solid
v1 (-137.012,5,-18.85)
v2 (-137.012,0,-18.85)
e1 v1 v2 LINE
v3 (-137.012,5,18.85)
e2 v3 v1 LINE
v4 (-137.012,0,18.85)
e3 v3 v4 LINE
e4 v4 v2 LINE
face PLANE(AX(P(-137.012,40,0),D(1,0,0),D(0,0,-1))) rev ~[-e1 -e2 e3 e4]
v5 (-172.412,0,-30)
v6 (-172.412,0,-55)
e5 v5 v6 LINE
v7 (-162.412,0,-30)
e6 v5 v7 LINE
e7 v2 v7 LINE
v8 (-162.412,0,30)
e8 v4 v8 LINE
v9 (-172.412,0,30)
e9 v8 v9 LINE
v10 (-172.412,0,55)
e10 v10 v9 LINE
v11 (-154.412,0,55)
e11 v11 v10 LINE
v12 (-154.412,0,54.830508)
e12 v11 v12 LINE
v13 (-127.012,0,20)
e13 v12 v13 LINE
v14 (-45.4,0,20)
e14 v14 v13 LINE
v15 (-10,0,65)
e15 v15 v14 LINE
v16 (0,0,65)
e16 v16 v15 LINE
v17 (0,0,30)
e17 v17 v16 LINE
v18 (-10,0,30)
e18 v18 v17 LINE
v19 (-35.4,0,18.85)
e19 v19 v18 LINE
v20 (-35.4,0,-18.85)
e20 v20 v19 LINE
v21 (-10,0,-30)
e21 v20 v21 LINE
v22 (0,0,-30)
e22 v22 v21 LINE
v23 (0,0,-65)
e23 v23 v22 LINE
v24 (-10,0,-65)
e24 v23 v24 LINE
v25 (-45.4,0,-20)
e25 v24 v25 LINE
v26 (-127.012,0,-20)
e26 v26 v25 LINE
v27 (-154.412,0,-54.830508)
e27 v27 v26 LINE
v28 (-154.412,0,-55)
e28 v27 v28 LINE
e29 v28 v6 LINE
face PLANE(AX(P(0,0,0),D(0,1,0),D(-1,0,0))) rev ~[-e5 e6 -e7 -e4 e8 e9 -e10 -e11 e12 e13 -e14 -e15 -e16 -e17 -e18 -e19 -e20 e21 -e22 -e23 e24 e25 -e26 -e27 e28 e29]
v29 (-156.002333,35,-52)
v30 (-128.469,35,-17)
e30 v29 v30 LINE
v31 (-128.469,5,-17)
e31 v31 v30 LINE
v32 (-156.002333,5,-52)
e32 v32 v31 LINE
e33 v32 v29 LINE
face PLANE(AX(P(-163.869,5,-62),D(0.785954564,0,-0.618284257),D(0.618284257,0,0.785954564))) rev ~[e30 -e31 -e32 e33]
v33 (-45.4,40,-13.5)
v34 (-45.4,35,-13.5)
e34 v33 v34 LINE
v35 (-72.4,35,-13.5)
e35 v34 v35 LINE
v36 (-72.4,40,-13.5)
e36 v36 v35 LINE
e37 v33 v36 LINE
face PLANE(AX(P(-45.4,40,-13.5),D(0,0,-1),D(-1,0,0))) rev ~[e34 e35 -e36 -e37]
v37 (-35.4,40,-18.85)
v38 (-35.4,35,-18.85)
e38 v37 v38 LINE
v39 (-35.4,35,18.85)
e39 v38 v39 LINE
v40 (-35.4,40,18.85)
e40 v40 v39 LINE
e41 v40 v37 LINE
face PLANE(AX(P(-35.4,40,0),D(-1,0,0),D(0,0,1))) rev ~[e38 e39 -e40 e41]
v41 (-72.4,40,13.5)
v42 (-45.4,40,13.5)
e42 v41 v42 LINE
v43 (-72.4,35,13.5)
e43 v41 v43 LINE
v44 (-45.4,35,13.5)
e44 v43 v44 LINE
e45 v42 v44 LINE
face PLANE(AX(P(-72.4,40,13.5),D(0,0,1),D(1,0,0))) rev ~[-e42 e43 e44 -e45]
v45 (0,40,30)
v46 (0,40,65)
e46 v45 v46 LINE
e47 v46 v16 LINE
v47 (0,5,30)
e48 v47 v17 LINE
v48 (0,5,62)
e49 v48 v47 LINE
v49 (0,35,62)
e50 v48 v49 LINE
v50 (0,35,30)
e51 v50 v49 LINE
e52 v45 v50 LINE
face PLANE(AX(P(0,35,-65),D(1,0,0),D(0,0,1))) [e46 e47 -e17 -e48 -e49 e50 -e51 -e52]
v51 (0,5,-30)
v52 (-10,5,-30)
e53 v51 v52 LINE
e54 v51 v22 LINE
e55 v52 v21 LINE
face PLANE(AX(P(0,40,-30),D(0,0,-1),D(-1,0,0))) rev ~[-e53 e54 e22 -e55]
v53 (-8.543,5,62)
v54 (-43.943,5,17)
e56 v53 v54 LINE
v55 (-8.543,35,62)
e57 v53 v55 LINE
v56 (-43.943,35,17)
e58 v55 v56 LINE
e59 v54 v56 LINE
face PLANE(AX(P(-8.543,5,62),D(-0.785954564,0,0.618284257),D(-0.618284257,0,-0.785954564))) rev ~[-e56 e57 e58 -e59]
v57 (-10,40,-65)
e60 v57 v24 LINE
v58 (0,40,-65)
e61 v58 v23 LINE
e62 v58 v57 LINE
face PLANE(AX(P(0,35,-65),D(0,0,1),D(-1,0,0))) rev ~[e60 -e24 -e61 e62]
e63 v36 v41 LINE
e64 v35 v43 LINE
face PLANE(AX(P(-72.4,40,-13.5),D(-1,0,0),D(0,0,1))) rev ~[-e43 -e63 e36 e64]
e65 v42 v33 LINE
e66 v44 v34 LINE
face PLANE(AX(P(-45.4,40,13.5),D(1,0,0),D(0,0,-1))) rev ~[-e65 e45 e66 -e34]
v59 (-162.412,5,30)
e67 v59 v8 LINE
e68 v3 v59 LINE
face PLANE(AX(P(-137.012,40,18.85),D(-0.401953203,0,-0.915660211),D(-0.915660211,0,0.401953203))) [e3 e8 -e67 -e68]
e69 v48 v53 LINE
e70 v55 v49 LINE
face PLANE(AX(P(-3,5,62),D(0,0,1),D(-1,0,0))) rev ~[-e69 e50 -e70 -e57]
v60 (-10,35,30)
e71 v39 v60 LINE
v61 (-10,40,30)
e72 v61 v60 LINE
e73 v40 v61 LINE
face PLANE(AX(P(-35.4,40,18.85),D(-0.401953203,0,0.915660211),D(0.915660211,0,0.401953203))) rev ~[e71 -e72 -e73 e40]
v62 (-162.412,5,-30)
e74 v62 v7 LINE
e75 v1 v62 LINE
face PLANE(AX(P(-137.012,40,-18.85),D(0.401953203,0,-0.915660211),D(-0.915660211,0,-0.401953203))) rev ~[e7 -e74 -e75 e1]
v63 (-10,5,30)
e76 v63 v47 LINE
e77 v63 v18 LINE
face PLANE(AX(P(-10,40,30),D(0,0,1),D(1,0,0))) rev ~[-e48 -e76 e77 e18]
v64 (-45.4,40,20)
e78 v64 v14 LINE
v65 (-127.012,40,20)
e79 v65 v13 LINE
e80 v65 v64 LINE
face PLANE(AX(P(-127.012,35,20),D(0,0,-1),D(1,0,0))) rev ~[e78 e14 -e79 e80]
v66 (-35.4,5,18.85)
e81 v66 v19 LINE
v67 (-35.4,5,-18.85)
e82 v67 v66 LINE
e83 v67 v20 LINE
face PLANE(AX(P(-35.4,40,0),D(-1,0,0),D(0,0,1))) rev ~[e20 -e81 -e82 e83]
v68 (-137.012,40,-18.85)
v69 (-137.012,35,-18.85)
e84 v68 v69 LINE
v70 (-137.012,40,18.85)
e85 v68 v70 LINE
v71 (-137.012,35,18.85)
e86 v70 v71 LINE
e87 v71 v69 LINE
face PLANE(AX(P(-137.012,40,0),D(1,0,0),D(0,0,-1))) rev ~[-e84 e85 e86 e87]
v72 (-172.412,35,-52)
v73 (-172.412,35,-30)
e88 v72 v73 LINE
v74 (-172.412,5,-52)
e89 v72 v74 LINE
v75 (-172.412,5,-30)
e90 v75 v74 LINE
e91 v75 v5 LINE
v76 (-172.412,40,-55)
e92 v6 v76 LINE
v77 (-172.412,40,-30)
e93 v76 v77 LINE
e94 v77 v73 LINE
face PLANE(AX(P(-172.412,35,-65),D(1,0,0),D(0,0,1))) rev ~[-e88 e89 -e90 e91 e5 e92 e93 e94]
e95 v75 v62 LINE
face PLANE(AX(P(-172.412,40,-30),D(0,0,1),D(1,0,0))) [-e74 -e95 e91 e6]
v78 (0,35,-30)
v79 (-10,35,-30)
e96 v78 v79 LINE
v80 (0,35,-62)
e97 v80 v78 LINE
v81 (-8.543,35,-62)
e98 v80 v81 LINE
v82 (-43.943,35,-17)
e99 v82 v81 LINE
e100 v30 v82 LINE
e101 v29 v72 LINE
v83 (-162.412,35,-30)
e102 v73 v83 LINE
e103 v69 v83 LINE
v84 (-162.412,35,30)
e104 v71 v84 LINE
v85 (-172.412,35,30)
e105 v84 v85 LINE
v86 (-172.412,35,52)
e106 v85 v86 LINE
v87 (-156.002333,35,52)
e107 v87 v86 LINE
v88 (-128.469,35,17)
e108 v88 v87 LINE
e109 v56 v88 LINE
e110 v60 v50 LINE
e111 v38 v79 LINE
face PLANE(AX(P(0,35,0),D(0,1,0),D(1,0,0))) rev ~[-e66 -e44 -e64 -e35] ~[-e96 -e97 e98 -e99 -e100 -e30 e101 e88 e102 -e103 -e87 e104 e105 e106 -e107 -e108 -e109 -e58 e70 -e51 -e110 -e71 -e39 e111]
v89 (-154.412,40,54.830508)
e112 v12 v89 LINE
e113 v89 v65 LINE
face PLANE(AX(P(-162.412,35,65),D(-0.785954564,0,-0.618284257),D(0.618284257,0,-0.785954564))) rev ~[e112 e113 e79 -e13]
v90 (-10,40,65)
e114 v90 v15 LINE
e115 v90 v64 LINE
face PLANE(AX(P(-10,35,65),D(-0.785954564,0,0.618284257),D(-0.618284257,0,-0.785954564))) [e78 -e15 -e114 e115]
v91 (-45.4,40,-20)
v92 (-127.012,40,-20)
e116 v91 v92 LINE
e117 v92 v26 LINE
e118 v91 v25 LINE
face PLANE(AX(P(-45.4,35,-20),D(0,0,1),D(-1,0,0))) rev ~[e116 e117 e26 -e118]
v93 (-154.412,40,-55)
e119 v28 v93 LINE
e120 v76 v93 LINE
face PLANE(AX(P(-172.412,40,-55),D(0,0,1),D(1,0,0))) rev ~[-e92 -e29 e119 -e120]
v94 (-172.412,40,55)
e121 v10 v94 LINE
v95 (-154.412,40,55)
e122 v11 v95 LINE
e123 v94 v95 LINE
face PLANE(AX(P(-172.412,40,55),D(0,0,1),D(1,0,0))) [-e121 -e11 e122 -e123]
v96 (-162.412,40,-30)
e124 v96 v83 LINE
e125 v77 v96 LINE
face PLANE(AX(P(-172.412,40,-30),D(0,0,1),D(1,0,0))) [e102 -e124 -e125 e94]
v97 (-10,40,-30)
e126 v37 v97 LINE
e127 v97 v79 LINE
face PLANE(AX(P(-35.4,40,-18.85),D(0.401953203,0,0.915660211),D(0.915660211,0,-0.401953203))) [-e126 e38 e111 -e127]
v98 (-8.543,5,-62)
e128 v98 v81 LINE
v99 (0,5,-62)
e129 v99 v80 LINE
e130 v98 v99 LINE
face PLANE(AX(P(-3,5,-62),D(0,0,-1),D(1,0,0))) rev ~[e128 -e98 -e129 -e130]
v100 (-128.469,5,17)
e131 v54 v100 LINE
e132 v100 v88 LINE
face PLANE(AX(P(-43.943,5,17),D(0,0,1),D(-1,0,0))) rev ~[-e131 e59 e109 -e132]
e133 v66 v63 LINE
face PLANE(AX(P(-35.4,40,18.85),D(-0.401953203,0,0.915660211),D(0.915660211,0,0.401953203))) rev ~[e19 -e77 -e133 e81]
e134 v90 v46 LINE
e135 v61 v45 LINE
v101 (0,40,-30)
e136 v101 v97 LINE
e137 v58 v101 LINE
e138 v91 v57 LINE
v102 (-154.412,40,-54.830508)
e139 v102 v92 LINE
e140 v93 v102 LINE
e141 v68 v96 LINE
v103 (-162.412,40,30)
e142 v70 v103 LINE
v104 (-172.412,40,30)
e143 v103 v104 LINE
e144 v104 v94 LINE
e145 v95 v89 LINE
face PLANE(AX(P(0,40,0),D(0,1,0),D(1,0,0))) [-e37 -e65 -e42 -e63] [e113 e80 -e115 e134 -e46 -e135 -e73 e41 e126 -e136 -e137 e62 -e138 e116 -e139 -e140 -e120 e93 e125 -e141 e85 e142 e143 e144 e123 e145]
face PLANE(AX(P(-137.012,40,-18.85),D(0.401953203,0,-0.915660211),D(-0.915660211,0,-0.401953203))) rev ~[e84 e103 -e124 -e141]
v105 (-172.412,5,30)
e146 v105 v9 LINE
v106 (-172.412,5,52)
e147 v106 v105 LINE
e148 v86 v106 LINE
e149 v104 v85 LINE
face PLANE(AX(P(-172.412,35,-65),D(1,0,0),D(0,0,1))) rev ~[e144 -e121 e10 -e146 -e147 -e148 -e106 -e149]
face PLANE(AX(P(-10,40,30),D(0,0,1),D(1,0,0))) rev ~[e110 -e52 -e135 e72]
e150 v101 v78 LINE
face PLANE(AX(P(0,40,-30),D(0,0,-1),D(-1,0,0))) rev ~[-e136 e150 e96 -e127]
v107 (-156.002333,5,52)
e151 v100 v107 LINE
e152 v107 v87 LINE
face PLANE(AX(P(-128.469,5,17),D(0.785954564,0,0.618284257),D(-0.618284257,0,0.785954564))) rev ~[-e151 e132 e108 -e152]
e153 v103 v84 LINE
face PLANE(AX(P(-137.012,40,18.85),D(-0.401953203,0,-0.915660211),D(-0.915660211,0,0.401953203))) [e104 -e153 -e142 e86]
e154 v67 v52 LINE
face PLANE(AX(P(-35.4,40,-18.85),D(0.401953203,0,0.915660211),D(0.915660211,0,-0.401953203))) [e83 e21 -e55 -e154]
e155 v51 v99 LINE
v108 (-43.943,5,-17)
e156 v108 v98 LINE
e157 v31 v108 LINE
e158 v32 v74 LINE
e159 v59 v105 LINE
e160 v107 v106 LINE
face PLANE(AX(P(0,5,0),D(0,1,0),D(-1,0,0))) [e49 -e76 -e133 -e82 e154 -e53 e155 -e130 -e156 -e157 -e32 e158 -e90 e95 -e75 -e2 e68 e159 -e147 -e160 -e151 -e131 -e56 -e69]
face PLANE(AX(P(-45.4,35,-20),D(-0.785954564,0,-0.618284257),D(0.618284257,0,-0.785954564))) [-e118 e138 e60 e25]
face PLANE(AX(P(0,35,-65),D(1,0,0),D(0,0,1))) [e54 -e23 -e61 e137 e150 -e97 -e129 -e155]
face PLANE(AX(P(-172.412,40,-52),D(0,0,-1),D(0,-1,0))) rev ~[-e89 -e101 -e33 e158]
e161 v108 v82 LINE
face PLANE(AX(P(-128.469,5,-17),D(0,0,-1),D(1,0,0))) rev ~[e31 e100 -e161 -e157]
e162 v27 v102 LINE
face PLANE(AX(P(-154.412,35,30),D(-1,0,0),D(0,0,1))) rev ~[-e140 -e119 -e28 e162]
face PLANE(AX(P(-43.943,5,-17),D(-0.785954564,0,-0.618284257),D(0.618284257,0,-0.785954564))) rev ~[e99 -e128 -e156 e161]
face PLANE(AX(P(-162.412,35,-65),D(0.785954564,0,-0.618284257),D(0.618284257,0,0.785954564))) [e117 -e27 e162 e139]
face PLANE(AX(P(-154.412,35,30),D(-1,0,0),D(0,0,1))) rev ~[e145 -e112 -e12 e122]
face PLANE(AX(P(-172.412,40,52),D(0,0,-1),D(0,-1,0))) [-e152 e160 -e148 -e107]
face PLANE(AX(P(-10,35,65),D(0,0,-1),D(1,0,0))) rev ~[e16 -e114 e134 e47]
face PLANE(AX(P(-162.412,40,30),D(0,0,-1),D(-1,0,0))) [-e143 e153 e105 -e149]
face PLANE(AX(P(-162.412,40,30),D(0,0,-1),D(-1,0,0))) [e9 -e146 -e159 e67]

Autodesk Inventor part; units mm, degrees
ref_plane "YZ Plane" through (0, 0, 0) normal (1, 0, 0) x (0, 1, 0)
ref_plane "XZ Plane" through (0, 0, 0) normal (0, 1, 0) x (-1, 0, 0)
ref_plane "XY Plane" through (0, 0, 0) normal (0, 0, 1) x (1, 0, 0)
sketch "Sketch1" plane through (0, 0, 0) normal (0, 1, 0) x (-1, 0, 0)
  line L0 (172.412, 0) -> (172.412, -65)
  line L1 (172.412, 0) -> (172.412, 65)
  line L2 (172.412, 65) -> (162.412, 65)
  line L3 (162.412, 65) -> (127.012, 20)
  line L4 (172.412, -65) -> (162.412, -65)
  line L5 (162.412, -65) -> (127.012, -20)
  line L6 (127.012, -20) -> (86.206, -20)
  line L7 (127.012, 20) -> (86.206, 20)
  line L8 (0, 0) -> (0, -65)
  line L9 (0, 0) -> (0, 65)
  line L10 (0, 65) -> (10, 65)
  line L11 (10, 65) -> (45.4, 20)
  line L12 (0, -65) -> (10, -65)
  line L13 (10, -65) -> (45.4, -20)
  line L14 (45.4, -20) -> (86.206, -20)
  line L15 (45.4, 20) -> (86.206, 20)
  dimension "d0" = 172.412
  dimension "d1" = 65
  dimension "d2" = 65
  dimension "d7" = 10
extrude "Extrusion1" add sketch "Sketch1" along normal blind 5
sketch "Sketch2" plane through (0, 5, 0) normal (0, 1, 0) x (1, 0, 0)
  line L0 (-162.412, -65) -> (-127.012, -20) projected
  line L1 (-127.012, -20) -> (-162.412, -65)
  line L2 (-162.412, -65) -> (-172.412, -65)
  line L3 (-127.012, 20) -> (-162.412, 65) projected
  line L4 (-172.412, 65) -> (-162.412, 65)
  line L5 (-162.412, 65) -> (-127.012, 20)
  line L6 (-127.012, 20) -> (-45.4, 20)
  line L7 (-10, 65) -> (-45.4, 20) projected
  line L8 (-45.4, 20) -> (-10, 65)
  line L9 (-10, 65) -> (0, 65)
  line L10 (0, -65) -> (0, 65) projected
  line L11 (-45.4, -20) -> (-10, -65) projected
  line L12 (0, -65) -> (-10, -65)
  line L13 (-10, -65) -> (-45.4, -20)
  line L14 (-45.4, -20) -> (-127.012, -20)
  line L15 (-128.469, -17) -> (-163.869, -62)
  line L16 (-163.869, -62) -> (-169.412, -62)
  line L17 (-169.412, 62) -> (-163.869, 62)
  line L18 (-163.869, 62) -> (-128.469, 17)
  line L19 (-128.469, 17) -> (-43.943, 17)
  line L20 (-43.943, 17) -> (-8.543, 62)
  line L21 (-8.543, 62) -> (-3, 62)
  line L22 (-3, -62) -> (-8.543, -62)
  line L23 (-8.543, -62) -> (-43.943, -17)
  line L24 (-43.943, -17) -> (-128.469, -17)
  line L25 (-3, -62) -> (0, -62)
  line L26 (0, -65) -> (0, -62)
  line L27 (-3, 62) -> (0, 62)
  line L28 (0, 65) -> (0, 62)
  line L29 (-169.412, -62) -> (-172.412, -62)
  line L30 (-172.412, -65) -> (-172.412, -62)
  line L31 (-169.412, 62) -> (-172.412, 62)
  line L32 (-172.412, 62) -> (-172.412, 65)
  point P0 (0, 0)
  dimension "d10" = 3
extrude "Extrusion2" add sketch "Sketch2" along normal blind 30
sketch "Sketch3" plane through (0, 35, 0) normal (0, 1, 0) x (1, 0, 0)
  line L0 (-172.412, 65) -> (-172.412, -65) projected
  line L1 (-172.412, -65) -> (-172.412, 65)
  line L2 (-162.412, 65) -> (-172.412, 65) projected
  line L3 (-172.412, 65) -> (-162.412, 65)
  line L4 (-45.4, 20) -> (-127.012, 20) projected
  line L5 (-162.412, 65) -> (-127.012, 20)
  line L6 (-127.012, 20) -> (-45.4, 20)
  line L7 (-45.4, 20) -> (-10, 65)
  line L8 (0, 65) -> (-10, 65) projected
  line L9 (-10, 65) -> (0, 65)
  line L10 (-10, -65) -> (0, -65) projected
  line L11 (0, 65) -> (0, -65)
  line L12 (0, -65) -> (-10, -65)
  line L13 (-127.012, -20) -> (-45.4, -20) projected
  line L14 (-10, -65) -> (-45.4, -20)
  line L15 (-45.4, -20) -> (-127.012, -20)
  line L16 (-162.412, -65) -> (-127.012, -20) projected
  line L17 (-127.012, -20) -> (-162.412, -65)
  line L18 (-172.412, -65) -> (-162.412, -65) projected
  line L19 (-162.412, -65) -> (-172.412, -65)
  point P0 (0, 0)
extrude "Extrusion3" add sketch "Sketch3" along normal blind 5
sketch "Sketch4" plane through (0, 40, 0) normal (0, 1, 0) x (1, 0, 0)
  line L0 (0, 0) -> (0, -30)
  line L1 (0, -62) -> (0, 62) projected
  line L2 (0, 0) -> (0, 30)
  line L3 (0, 30) -> (-10, 30)
  line L4 (-35.4, 0) -> (-35.4, 18.85)
  line L5 (-35.4, 18.85) -> (-10, 30)
  line L6 (-35.4, 0) -> (-35.4, -18.85)
  line L7 (-35.4, -18.85) -> (-10, -30)
  line L8 (-10, -30) -> (0, -30)
  line L9 (-127.012, -20) -> (-45.4, -20) projected
  line L10 (-45.4, 20) -> (-127.012, 20) projected
  line L11 (-172.412, 0) -> (-172.412, -30)
  line L12 (-172.412, 0) -> (-172.412, 30)
  line L13 (-172.412, 30) -> (-162.412, 30)
  line L14 (-137.012, 0) -> (-137.012, 18.85)
  line L15 (-137.012, 18.85) -> (-162.412, 30)
  line L16 (-137.012, 0) -> (-137.012, -18.85)
  line L17 (-137.012, -18.85) -> (-162.412, -30)
  line L18 (-162.412, -30) -> (-172.412, -30)
  dimension "d15" = 30
  dimension "d16" = 30
  dimension "d17" = 10
  dimension "d18" = 35.4
  dimension "d19" = 18.85
  dimension "d20" = 18.85
extrude "Extrusion4" cut sketch "Sketch4" against normal through all
sketch "Sketch5" plane through (0, 40, 0) normal (0, 1, 0) x (1, 0, 0)
  line L0 (-172.412, -65) -> (-162.412, -65) projected
  line L1 (-172.412, -65) -> (-172.412, -55)
  line L2 (-172.412, -30) -> (-172.412, -65) projected
  line L3 (-162.412, 65) -> (-172.412, 65) projected
  line L4 (-172.412, 65) -> (-172.412, 55)
  line L5 (-172.412, 65) -> (-172.412, 30) projected
  line L6 (-172.412, 55) -> (-154.5453, 55)
  line L7 (-127.012, 20) -> (-162.412, 65) projected
  line L8 (-172.412, -55) -> (-154.5453, -55)
  line L9 (-162.412, -65) -> (-127.012, -20) projected
  point P0 (0, 0)
  dimension "d23" = 10
  dimension "d24" = 10
extrude "Extrusion5" cut sketch "Sketch5" against normal through all
sketch "Sketch6" plane through (-172.412, 35, 30) normal (-1, 0, 0) x (0, 0, 1)
  line L0 (-85, 5) -> (-60, 5) projected
  line L1 (-50, -35) -> (-85, -35) projected
  line L2 (-85, 5) -> (-82, 5)
  line L3 (-82, 5) -> (-82, -35)
  line L4 (-82, -35) -> (-85, -35)
  line L5 (-85, -35) -> (-85, 5)
  line L6 (25, -35) -> (-10, -35) projected
  line L7 (25, 5) -> (22, 5)
  line L8 (22, 5) -> (22, -35)
  line L9 (22, -35) -> (25, -35)
  line L10 (25, -35) -> (25, 5)
  point P0 (-30, -35)
  dimension "d27" = 3
  dimension "d28" = 3
extrude "Extrusion6" add sketch "Sketch6" against normal blind 18
sketch "Sketch7" plane through (0, 40, 0) normal (0, 1, 0) x (1, 0, 0)
  line L0 (-35.4, 18.85) -> (-35.4, -18.85) projected
  line L1 (-45.4, 13.5) -> (-72.4, 13.5)
  line L2 (-72.4, 13.5) -> (-72.4, -13.5)
  line L3 (-72.4, -13.5) -> (-45.4, -13.5)
  line L4 (-45.4, -13.5) -> (-45.4, 13.5)
  point P0 (0, 0)
  dimension "d33" = 27
  dimension "d34" = 27
extrude "Extrusion7" cut sketch "Sketch7" against normal blind 18
properties part number "Metal_Shroud"
